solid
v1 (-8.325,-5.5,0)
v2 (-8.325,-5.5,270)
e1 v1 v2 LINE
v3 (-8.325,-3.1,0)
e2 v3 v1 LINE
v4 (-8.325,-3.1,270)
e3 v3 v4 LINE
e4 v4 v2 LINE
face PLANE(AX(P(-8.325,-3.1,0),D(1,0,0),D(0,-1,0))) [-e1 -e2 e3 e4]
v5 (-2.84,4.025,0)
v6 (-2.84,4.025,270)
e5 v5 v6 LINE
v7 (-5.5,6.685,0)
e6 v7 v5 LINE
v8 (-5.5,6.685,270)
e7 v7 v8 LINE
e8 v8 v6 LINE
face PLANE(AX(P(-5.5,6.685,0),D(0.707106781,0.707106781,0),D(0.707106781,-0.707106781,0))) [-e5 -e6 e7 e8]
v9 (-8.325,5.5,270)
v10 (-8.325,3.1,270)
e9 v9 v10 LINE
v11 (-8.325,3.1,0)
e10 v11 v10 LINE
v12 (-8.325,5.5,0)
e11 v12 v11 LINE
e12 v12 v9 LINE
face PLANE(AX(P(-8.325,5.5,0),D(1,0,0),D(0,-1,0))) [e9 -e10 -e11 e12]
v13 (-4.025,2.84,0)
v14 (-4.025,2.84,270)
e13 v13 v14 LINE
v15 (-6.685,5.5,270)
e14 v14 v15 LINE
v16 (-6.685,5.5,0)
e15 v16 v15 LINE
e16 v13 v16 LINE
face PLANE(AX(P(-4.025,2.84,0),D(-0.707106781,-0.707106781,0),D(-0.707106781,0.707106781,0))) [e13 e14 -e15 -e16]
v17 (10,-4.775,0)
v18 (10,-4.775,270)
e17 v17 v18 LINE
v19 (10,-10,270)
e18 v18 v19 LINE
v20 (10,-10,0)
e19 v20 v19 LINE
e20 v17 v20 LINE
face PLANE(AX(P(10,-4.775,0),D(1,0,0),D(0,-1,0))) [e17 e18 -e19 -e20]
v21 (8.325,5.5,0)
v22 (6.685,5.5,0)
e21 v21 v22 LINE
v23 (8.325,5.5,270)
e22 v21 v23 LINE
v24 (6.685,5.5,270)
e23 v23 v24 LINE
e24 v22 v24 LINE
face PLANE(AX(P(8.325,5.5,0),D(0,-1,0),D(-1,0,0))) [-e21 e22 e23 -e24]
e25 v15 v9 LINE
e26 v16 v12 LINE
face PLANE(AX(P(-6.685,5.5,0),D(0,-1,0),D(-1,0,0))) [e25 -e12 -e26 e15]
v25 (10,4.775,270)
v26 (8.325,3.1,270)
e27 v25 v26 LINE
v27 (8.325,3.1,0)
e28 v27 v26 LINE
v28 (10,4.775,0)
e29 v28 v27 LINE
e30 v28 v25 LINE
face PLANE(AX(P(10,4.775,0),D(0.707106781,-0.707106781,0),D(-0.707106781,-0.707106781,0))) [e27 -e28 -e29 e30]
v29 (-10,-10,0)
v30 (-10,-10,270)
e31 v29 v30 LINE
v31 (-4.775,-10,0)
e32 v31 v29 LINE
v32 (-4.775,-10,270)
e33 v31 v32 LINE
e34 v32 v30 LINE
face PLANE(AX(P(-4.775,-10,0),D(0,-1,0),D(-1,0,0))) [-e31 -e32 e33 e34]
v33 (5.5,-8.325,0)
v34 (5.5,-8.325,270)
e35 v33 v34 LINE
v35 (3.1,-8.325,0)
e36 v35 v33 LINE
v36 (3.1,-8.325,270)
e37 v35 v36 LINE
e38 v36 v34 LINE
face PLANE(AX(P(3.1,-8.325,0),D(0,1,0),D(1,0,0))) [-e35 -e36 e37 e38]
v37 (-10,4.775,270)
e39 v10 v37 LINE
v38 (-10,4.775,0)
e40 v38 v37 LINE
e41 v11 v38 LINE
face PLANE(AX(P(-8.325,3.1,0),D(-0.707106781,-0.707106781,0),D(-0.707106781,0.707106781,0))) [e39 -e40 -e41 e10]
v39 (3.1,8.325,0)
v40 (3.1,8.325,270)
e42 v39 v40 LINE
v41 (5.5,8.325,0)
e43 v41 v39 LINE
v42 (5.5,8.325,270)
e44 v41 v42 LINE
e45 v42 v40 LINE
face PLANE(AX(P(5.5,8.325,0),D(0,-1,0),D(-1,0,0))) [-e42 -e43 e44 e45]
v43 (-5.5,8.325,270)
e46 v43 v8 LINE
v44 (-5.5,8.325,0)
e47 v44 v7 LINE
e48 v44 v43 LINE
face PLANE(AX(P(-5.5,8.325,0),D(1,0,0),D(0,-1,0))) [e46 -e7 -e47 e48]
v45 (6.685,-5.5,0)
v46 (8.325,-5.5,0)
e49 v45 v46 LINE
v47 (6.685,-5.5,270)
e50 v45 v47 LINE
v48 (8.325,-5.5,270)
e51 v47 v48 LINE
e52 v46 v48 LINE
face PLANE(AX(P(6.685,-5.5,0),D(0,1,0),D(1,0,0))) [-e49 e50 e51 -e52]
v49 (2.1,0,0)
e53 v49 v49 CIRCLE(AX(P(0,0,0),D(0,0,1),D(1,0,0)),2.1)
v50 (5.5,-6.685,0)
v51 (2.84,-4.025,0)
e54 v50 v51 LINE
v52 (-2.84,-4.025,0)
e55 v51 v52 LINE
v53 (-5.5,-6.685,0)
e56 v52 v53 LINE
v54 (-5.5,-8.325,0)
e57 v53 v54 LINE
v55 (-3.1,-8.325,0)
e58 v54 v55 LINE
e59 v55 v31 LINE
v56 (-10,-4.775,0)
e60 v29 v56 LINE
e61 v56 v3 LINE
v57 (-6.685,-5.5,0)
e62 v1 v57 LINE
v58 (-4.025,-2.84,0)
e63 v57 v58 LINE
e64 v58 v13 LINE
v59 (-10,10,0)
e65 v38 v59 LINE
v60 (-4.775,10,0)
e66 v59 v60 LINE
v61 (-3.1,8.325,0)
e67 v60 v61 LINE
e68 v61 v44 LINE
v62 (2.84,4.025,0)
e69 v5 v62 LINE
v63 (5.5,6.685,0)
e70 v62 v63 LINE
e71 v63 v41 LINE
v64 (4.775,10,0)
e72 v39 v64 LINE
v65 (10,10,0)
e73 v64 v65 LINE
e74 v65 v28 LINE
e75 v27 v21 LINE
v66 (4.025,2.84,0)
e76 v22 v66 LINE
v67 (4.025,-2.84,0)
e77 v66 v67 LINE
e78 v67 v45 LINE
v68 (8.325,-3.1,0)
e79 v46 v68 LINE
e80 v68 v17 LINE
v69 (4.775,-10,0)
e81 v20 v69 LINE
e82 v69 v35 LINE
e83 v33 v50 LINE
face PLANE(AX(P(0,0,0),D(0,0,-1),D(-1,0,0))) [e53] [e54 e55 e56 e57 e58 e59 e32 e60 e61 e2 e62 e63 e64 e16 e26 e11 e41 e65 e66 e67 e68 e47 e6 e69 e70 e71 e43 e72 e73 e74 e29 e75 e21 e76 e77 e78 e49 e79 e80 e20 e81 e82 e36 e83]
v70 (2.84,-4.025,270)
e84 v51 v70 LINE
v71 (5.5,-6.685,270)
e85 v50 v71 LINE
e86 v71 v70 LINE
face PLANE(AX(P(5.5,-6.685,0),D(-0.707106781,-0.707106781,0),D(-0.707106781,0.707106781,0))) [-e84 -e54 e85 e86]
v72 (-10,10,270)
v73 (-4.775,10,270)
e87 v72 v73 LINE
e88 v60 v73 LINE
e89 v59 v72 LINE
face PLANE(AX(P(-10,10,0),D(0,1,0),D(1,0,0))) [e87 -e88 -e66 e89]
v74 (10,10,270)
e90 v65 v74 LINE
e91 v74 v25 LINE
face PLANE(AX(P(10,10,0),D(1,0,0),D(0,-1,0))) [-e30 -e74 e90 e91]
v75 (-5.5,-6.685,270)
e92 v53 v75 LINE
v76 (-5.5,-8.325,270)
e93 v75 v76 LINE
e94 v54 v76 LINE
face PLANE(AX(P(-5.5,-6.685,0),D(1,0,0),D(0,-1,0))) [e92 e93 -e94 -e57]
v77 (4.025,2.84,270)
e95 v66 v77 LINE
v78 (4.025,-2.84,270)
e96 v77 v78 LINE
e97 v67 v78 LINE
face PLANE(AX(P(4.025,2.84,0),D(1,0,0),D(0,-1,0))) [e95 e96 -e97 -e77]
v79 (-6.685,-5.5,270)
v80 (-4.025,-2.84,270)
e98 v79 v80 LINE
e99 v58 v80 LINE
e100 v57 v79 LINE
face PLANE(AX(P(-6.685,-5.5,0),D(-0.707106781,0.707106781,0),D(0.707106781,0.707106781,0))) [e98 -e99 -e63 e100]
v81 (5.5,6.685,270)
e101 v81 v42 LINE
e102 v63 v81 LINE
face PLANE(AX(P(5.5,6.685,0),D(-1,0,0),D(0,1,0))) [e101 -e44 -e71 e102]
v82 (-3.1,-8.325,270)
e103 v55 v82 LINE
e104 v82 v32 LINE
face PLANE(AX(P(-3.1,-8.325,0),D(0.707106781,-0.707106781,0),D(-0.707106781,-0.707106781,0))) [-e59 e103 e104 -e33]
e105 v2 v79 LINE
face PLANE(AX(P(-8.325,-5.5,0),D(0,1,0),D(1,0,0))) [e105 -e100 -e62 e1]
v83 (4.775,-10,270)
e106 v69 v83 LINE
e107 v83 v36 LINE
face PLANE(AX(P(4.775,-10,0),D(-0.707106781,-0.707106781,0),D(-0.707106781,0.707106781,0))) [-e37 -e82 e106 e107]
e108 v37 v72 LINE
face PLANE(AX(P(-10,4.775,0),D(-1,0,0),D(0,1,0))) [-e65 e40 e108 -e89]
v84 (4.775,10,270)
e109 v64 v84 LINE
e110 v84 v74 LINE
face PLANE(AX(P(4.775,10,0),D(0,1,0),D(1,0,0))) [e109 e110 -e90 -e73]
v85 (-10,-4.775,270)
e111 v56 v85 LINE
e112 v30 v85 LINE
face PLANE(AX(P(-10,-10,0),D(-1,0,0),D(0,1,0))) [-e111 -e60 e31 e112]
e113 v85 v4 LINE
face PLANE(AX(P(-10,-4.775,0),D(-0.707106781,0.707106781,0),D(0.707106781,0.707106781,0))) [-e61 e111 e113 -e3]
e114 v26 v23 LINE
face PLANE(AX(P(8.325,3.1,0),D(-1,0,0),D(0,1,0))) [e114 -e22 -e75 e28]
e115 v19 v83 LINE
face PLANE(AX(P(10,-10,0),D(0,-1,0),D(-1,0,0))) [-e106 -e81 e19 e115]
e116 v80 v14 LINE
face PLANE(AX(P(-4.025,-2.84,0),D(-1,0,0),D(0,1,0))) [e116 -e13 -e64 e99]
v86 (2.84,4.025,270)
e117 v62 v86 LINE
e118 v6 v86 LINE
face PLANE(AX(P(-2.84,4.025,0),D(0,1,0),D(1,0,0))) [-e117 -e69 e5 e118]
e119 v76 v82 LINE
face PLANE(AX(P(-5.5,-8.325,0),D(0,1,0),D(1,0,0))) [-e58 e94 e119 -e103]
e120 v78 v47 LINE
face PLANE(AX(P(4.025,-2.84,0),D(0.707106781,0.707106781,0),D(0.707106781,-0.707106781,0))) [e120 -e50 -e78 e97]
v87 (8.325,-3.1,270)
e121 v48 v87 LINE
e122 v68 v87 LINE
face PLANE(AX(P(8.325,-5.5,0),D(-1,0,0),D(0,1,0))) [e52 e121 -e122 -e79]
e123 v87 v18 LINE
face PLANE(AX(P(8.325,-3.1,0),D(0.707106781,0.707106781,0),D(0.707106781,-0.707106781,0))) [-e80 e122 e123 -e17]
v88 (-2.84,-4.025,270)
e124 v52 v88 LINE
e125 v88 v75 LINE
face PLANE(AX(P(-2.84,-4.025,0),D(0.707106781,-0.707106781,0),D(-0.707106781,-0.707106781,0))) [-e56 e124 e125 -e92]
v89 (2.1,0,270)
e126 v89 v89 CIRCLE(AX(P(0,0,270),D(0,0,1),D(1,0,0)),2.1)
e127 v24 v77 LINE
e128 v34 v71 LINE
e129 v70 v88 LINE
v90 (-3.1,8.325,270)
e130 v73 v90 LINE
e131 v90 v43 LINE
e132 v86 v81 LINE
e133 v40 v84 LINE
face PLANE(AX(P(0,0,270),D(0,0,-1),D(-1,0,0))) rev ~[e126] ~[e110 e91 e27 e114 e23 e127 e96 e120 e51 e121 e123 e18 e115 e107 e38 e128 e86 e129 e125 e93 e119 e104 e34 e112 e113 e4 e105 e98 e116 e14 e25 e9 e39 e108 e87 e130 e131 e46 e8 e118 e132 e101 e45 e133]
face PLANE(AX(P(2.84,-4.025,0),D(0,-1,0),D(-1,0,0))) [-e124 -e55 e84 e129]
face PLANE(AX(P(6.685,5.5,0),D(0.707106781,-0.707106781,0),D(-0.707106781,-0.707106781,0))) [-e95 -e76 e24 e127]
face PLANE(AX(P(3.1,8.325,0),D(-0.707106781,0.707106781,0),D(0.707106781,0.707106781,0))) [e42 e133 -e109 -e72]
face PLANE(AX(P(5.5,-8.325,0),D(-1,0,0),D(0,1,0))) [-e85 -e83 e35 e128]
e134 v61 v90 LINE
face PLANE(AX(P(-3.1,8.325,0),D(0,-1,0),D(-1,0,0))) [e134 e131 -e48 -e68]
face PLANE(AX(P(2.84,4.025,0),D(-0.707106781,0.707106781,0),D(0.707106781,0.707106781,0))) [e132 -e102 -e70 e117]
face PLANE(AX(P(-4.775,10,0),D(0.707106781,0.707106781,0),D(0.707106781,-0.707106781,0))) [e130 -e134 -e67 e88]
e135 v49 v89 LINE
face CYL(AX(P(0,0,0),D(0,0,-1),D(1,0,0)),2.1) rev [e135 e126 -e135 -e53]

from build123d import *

# Parameters (mm, degrees)
SKETCH2_R           = 2.1
BOSS_EXTRUDE1_DEPTH = 270


with BuildPart() as part:
    # Sketch2 → Boss-Extrude1 (new body)
    with BuildSketch(Plane.XY):
        Polygon((-4.775, 10), (-3.1, 8.325), (-5.5, 8.325), (-5.5, 6.685), (-2.84, 4.025), (2.84, 4.025), (5.5, 6.685), (5.5, 8.325), (3.1, 8.325), (4.775, 10), (10, 10), (10, 4.775), (8.325, 3.1), (8.325, 5.5), (6.685, 5.5), (4.025, 2.84), (4.025, -2.84), (6.685, -5.5), (8.325, -5.5), (8.325, -3.1), (10, -4.775), (10, -10), (4.775, -10), (3.1, -8.325), (5.5, -8.325), (5.5, -6.685), (2.84, -4.025), (-2.84, -4.025), (-5.5, -6.685), (-5.5, -8.325), (-3.1, -8.325), (-4.775, -10), (-10, -10), (-10, -4.775), (-8.325, -3.1), (-8.325, -5.5), (-6.685, -5.5), (-4.025, -2.84), (-4.025, 2.84), (-6.685, 5.5), (-8.325, 5.5), (-8.325, 3.1), (-10, 4.775), (-10, 10), align=None)
        Circle(SKETCH2_R, mode=Mode.SUBTRACT)
    extrude(amount=BOSS_EXTRUDE1_DEPTH)


solid = part.part
